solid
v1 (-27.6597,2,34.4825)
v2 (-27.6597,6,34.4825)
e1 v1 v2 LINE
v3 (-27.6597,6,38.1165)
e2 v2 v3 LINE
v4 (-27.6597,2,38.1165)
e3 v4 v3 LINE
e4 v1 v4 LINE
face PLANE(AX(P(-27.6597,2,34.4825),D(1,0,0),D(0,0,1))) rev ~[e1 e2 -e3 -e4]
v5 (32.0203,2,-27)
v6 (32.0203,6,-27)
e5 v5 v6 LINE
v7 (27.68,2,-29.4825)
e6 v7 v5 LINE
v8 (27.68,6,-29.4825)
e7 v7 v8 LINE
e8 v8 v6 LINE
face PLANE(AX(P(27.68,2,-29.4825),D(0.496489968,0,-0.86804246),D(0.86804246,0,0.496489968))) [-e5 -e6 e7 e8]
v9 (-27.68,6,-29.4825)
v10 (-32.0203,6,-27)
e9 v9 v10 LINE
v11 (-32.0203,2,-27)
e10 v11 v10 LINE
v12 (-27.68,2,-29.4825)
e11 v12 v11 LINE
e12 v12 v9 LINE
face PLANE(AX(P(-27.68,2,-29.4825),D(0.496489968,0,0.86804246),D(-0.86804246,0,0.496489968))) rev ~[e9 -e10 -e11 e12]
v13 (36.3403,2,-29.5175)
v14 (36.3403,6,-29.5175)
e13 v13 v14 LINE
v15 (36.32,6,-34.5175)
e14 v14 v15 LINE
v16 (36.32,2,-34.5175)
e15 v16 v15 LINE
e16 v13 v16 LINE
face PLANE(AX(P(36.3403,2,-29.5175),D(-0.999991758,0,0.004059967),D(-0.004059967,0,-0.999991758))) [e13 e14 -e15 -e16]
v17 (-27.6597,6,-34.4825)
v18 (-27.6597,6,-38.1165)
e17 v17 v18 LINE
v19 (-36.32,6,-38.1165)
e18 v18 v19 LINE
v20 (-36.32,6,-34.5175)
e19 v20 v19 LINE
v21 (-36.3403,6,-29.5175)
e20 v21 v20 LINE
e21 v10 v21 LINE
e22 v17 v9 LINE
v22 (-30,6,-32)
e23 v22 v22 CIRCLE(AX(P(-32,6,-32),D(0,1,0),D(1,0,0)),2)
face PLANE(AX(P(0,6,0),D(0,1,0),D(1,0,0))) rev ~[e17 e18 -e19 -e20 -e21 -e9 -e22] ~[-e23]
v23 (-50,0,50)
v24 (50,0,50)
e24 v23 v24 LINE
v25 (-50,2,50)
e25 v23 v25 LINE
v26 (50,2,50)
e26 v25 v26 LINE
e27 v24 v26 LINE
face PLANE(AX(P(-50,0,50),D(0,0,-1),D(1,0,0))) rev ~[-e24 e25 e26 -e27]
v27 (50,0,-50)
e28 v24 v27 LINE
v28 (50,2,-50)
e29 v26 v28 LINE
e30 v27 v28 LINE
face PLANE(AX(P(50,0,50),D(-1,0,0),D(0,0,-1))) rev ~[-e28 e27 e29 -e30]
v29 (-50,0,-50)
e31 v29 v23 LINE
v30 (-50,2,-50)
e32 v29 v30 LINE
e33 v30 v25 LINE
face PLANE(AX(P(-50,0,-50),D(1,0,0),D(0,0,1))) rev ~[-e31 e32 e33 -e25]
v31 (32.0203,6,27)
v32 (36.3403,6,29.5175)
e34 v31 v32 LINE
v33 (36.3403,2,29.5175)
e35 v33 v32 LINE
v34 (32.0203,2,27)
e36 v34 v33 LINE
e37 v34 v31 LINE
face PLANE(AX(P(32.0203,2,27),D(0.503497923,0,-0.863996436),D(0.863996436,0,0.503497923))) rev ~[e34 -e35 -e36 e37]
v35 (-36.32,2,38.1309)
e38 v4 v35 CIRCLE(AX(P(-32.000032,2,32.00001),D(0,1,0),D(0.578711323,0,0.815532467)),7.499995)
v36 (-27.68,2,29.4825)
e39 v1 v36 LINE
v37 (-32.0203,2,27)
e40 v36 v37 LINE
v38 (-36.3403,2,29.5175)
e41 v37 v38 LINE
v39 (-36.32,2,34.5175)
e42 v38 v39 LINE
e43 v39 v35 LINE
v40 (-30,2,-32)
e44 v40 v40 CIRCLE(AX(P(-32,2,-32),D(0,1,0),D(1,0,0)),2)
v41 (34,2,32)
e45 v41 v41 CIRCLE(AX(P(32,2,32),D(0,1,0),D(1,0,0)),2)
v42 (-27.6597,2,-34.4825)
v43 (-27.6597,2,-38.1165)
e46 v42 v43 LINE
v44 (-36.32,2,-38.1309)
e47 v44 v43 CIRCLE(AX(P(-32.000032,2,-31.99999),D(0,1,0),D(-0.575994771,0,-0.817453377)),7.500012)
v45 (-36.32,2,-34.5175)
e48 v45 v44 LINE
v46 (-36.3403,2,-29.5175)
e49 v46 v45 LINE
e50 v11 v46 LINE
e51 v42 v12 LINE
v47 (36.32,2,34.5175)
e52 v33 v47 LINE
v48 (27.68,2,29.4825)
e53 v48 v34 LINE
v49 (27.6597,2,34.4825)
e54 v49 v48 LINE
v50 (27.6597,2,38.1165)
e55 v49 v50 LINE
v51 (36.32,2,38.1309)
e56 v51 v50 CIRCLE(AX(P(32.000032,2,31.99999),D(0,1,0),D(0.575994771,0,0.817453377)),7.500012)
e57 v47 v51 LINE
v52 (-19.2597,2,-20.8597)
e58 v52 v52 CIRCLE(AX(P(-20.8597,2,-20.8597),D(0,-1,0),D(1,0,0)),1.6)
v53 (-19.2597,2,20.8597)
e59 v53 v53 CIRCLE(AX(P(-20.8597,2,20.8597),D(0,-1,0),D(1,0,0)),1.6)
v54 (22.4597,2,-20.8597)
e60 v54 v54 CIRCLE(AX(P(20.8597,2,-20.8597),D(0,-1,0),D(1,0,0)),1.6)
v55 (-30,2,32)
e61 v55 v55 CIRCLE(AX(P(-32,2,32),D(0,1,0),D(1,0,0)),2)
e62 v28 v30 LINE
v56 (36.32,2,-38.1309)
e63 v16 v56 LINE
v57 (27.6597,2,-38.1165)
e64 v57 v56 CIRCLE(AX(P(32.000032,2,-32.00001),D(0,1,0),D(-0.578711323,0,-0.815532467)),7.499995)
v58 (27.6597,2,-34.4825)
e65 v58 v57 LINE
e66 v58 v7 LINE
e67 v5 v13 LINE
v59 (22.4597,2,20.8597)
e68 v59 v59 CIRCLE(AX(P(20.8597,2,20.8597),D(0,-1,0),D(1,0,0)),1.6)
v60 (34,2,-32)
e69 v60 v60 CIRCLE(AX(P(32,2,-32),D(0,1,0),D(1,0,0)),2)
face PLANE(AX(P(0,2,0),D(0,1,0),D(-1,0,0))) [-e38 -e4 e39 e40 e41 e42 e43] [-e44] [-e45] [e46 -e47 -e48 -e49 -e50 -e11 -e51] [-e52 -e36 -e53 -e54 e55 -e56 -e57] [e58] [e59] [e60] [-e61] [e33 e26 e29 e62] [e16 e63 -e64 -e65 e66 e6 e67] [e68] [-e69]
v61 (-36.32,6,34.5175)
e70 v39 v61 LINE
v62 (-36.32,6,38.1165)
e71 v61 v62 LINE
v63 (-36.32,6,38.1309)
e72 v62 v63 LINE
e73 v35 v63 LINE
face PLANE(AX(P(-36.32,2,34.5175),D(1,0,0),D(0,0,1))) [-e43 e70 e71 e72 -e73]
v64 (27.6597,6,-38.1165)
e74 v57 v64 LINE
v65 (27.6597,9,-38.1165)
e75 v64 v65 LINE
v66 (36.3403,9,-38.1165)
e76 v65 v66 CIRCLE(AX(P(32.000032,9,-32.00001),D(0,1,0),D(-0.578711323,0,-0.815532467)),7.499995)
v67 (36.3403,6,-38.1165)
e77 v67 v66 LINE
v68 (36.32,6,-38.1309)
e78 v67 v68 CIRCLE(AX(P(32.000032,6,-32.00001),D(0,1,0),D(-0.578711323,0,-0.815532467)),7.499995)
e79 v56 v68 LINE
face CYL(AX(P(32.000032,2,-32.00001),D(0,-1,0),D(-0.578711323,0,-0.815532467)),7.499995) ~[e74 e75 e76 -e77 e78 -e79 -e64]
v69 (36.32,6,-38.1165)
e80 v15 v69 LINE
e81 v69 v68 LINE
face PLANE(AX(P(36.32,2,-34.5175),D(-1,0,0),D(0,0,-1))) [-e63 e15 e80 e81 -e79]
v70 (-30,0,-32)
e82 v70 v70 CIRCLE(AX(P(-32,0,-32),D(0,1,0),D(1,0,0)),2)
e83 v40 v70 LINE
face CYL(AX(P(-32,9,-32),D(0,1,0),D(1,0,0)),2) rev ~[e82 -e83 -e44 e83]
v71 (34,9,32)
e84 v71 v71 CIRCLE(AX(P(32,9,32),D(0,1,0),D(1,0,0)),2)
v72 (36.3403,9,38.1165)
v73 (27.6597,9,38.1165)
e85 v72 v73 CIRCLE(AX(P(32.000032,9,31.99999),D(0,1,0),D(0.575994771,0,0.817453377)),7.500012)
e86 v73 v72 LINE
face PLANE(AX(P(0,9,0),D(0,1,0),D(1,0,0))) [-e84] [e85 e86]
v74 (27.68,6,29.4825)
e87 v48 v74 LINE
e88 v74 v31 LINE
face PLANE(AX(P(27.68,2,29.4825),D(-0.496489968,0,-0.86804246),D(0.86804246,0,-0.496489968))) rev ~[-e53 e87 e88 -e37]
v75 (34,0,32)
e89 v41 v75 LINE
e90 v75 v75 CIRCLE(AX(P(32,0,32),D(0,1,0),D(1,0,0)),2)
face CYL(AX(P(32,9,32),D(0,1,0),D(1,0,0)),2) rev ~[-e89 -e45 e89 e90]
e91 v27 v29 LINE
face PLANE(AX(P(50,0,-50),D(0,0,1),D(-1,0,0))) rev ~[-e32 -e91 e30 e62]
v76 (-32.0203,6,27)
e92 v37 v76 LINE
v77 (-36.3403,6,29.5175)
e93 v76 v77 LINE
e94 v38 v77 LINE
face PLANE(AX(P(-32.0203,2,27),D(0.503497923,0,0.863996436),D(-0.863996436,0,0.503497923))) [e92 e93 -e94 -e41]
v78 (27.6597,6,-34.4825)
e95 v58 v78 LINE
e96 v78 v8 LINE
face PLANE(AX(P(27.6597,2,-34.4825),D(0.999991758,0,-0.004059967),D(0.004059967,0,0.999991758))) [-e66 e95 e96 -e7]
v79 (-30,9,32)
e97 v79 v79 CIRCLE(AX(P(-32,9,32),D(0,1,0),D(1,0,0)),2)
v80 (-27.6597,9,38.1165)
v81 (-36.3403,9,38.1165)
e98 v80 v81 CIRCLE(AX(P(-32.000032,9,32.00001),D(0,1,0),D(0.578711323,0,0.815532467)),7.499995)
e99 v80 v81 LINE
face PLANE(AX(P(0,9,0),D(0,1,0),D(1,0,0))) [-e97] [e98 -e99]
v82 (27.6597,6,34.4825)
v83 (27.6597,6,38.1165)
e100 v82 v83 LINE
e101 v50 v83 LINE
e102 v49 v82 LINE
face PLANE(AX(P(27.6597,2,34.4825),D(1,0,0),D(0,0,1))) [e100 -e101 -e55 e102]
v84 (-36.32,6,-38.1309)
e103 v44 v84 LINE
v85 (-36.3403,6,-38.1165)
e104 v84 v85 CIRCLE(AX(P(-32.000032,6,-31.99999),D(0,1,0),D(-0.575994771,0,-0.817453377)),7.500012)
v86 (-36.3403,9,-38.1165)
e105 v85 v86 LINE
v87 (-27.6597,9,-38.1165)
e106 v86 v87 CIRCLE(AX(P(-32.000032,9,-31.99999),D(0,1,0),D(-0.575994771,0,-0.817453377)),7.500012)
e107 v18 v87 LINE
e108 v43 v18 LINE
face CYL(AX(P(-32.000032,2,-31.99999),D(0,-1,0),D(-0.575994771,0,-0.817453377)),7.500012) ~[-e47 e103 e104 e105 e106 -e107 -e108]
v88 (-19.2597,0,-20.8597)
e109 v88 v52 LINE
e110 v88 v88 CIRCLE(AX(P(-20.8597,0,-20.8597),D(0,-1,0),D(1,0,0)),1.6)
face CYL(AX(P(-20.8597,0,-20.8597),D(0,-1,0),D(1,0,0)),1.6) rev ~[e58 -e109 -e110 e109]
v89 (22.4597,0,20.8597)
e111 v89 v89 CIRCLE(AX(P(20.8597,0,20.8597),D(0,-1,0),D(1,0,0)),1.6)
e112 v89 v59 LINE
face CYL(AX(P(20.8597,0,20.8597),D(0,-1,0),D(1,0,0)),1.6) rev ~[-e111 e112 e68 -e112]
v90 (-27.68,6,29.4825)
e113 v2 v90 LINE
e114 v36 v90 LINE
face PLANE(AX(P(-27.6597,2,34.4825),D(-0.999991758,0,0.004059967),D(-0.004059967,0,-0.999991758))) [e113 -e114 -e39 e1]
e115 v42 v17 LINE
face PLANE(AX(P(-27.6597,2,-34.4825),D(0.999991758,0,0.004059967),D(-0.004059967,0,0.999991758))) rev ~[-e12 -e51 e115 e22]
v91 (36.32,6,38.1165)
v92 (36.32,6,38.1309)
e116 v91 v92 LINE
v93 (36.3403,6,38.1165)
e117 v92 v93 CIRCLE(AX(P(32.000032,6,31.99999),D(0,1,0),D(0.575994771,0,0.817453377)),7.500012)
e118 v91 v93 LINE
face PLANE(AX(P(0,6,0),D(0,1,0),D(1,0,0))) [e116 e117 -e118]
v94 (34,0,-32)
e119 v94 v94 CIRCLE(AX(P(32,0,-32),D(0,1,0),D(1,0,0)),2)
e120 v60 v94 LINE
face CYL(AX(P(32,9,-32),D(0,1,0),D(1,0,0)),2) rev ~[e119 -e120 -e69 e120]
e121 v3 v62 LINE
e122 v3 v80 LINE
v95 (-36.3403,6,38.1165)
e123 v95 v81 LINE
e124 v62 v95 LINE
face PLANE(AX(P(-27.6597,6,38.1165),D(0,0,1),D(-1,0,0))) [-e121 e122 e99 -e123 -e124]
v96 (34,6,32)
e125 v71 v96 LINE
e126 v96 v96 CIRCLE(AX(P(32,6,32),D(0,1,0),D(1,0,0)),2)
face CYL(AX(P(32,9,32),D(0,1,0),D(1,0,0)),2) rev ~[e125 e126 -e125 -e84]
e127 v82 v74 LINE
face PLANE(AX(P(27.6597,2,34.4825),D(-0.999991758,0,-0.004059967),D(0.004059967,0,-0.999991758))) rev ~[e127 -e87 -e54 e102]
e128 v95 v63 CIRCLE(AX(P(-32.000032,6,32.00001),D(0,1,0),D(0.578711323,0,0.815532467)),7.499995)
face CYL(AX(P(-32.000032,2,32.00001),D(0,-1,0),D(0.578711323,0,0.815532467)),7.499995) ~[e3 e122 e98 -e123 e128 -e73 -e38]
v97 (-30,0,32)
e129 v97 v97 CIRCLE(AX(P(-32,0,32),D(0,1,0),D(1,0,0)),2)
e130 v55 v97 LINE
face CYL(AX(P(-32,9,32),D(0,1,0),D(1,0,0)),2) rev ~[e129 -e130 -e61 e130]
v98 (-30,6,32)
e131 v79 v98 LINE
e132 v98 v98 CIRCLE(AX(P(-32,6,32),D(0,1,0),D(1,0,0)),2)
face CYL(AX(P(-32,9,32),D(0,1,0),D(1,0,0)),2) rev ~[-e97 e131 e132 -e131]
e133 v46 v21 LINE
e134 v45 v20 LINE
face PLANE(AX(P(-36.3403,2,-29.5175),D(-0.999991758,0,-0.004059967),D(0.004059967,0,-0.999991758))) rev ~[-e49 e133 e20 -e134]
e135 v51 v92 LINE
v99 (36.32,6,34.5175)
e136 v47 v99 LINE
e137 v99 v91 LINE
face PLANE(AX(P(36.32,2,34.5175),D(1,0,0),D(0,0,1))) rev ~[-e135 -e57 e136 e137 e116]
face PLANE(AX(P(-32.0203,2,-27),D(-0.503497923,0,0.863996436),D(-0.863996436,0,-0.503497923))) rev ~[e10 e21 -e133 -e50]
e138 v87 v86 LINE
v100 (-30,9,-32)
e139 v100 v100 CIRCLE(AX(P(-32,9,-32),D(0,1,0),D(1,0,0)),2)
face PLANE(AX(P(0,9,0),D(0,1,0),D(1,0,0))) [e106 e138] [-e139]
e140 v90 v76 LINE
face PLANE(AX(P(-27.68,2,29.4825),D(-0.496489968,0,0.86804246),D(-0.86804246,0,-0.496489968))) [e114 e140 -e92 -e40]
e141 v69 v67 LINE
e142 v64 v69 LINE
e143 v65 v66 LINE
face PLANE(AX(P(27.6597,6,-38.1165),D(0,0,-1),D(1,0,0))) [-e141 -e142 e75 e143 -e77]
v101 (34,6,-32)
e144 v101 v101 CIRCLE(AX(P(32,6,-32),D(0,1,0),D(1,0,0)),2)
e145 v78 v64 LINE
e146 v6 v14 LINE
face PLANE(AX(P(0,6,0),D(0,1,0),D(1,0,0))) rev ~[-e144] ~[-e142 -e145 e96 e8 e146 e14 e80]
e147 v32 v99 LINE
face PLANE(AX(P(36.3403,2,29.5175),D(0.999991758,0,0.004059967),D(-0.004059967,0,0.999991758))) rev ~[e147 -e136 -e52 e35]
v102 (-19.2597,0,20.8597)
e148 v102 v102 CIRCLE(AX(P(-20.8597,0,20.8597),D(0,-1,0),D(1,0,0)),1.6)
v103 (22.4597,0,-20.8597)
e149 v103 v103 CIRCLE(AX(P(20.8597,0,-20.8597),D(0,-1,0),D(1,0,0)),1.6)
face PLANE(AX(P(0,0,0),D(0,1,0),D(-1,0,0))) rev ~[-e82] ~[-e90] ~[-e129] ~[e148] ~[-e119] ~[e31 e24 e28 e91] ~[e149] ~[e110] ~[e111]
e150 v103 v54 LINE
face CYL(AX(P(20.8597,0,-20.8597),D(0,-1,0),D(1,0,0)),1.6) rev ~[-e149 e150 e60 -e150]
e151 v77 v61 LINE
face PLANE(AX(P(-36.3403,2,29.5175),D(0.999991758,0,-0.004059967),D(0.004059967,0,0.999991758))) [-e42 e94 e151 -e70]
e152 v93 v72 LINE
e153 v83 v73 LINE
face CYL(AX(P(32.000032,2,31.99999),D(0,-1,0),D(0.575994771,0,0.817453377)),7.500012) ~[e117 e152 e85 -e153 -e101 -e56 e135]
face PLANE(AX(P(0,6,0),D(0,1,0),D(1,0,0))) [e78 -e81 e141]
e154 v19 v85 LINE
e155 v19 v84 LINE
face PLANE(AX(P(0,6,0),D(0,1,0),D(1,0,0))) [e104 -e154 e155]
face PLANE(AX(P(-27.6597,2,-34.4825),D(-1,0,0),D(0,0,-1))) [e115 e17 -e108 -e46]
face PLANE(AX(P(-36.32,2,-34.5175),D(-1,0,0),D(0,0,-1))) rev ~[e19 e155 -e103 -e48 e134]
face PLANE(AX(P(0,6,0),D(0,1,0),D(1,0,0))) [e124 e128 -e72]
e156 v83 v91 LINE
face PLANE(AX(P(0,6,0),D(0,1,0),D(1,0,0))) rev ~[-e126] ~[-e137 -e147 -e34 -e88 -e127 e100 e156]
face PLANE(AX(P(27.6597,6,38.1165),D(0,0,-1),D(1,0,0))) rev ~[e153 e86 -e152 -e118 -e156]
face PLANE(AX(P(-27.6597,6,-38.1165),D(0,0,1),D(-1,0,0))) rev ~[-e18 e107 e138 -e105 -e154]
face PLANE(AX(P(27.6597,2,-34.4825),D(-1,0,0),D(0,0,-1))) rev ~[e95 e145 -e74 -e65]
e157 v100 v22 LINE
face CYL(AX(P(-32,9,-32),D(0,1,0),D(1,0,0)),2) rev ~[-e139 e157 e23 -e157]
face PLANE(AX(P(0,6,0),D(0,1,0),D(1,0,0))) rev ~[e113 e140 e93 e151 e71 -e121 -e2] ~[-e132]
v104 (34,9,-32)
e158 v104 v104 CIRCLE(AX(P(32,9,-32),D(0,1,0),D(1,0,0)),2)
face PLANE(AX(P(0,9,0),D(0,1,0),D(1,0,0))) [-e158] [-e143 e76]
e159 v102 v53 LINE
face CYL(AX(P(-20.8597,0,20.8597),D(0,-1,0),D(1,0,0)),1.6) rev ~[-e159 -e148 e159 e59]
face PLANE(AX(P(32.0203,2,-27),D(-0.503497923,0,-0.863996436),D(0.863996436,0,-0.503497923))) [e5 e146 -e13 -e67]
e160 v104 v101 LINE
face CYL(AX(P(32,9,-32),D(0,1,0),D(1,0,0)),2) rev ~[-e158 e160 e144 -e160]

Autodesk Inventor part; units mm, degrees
ref_plane "YZ Plane" through (0, 0, 0) normal (1, 0, 0) x (0, 1, 0)
ref_plane "XZ Plane" through (0, 0, 0) normal (0, 1, 0) x (-1, 0, 0)
ref_plane "XY Plane" through (0, 0, 0) normal (0, 0, 1) x (1, 0, 0)
sketch "Esquisse1" plane through (0, 0, 0) normal (0, 1, 0) x (-1, 0, 0)
  line L0 (50, 50) -> (-50, 50)
  line L1 (-50, 50) -> (-50, -50)
  line L2 (-50, -50) -> (50, -50)
  line L3 (50, -50) -> (50, 50)
  point P0 (0, 0)
  dimension "d0" = 100
  dimension "d1" = 100
  dimension "d17" = 50
  dimension "d18" = 50
extrude "Extrusion1" add sketch "Esquisse1" along normal blind 2
sketch "Esquisse2" plane through (0, 2, 0) normal (0, 1, 0) x (1, 0, 0)
  line L0 (50, -50) -> (50, 50) projected
  line L1 (-50, -50) -> (50, -50) projected
  arc A0 (36.32, -38.1309) -> (27.6597, -38.1165) centre (32, -32) ccw
  line L2 (27.68, -29.4825) -> (32.0203, -27)
  line L3 (32.0203, -27) -> (36.3403, -29.5175)
  line L4 (36.3403, -29.5175) -> (36.32, -34.5175)
  line L5 (27.6597, -34.4825) -> (27.68, -29.4825)
  line L6 (27.6597, -34.4825) -> (27.6597, -38.1165)
  line L7 (36.32, -34.5175) -> (36.32, -38.1309)
  line L8 (53.6963, 0) -> (-74.6388, 0)
  line L9 (0, -61.7794) -> (0, 59.6738)
  arc A1 (-27.6597, -38.1165) -> (-36.32, -38.1309) centre (-32, -32) ccw
  line L10 (-27.68, -29.4825) -> (-32.0203, -27)
  line L11 (-32.0203, -27) -> (-36.3403, -29.5175)
  line L12 (-36.3403, -29.5175) -> (-36.32, -34.5175)
  line L13 (-27.6597, -34.4825) -> (-27.68, -29.4825)
  line L14 (-27.6597, -34.4825) -> (-27.6597, -38.1165)
  line L15 (-36.32, -34.5175) -> (-36.32, -38.1309)
  arc A2 (27.6597, 38.1165) -> (36.32, 38.1309) centre (32, 32) ccw
  line L16 (27.68, 29.4825) -> (32.0203, 27)
  line L17 (32.0203, 27) -> (36.3403, 29.5175)
  line L18 (36.3403, 29.5175) -> (36.32, 34.5175)
  line L19 (27.6597, 34.4825) -> (27.68, 29.4825)
  line L20 (27.6597, 34.4825) -> (27.6597, 38.1165)
  line L21 (36.32, 34.5175) -> (36.32, 38.1309)
  arc A3 (-36.32, 38.1309) -> (-27.6597, 38.1165) centre (-32, 32) ccw
  line L22 (-27.68, 29.4825) -> (-32.0203, 27)
  line L23 (-32.0203, 27) -> (-36.3403, 29.5175)
  line L24 (-36.3403, 29.5175) -> (-36.32, 34.5175)
  line L25 (-27.6597, 34.4825) -> (-27.68, 29.4825)
  line L26 (-27.6597, 34.4825) -> (-27.6597, 38.1165)
  line L27 (-36.32, 34.5175) -> (-36.32, 38.1309)
  point P0 (0, 0)
  dimension "d6" = 18
  dimension "d7" = 18
  dimension "d8" = 15
  dimension "d9" = 5
extrude "Extrusion2" add sketch "Esquisse2" along normal blind 4 contours L7 L4 L3 L2 L5 L6 A0 | L14 L13 L10 L11 L12 L15 A1 | L20 L19 L16 L17 L18 L21 A2 | L27 L24 L23 L22 L25 L26 A3
sketch "Esquisse4" plane through (0, 6, 0) normal (0, 1, 0) x (1, 0, 0)
  arc A0 (36.32, -38.1309) -> (27.6597, -38.1165) centre (32, -32) ccw projected
  line L0 (27.6597, -38.1165) -> (36.3403, -38.1165)
  line L1 (53.7761, 0) -> (-84.9694, 0)
  line L2 (0, -51.9111) -> (0, 71.3221)
  arc A1 (-27.6597, -38.1165) -> (-36.32, -38.1309) centre (-32, -32) ccw
  line L3 (-27.6597, -38.1165) -> (-36.3403, -38.1165)
  arc A2 (27.6597, 38.1165) -> (36.32, 38.1309) centre (32, 32) ccw
  line L4 (27.6597, 38.1165) -> (36.3403, 38.1165)
  arc A3 (-36.32, 38.1309) -> (-27.6597, 38.1165) centre (-32, 32) ccw
  line L5 (-27.6597, 38.1165) -> (-36.3403, 38.1165)
  point P0 (0, 0)
extrude "Extrusion3" add sketch "Esquisse4" along normal blind 3
sketch "Esquisse5" plane through (0, 9, 0) normal (0, 1, 0) x (1, 0, 0)
  circle A0 centre (32, -32) radius 2
  arc A1 (36.3403, -38.1165) -> (27.6597, -38.1165) centre (32, -32) ccw projected
  line L0 (0, -51.4977) -> (0, 66.0278)
  line L1 (54.9768, 0) -> (-89.9714, 0)
  circle A2 centre (-32, -32) radius 2
  arc A3 (-27.6597, -38.1165) -> (-36.3403, -38.1165) centre (-32, -32) ccw
  circle A4 centre (32, 32) radius 2
  arc A5 (27.6597, 38.1165) -> (36.3403, 38.1165) centre (32, 32) ccw
  circle A6 centre (-32, 32) radius 2
  arc A7 (-36.3403, 38.1165) -> (-27.6597, 38.1165) centre (-32, 32) ccw
  point P0 (0, 0)
  dimension "d14" = 4
extrude "Extrusion4" cut sketch "Esquisse5" against normal through all
ref_plane "Plan de construction3" through (0, 0, 50) normal (1, 0, 0) x (0, 0, -1)
ref_plane "Plan de construction4" through (-50, 0, 0) normal (0, 0, 1) x (1, 0, 0)
sketch "Esquisse6" plane through (0, 0, 0) normal (0, -1, 0) x (1, 0, 0)
  circle A0 centre (20.8597, 20.8597) radius 1.6 projected
  circle A1 centre (20.8597, -20.8597) radius 1.6 projected
  circle A2 centre (-20.8597, 20.8597) radius 1.6 projected
  circle A3 centre (-20.8597, -20.8597) radius 1.6 projected
  point P0 (0, 0)
extrude "Extrusion5" cut sketch "Esquisse6" against normal through all
properties part number "support-balise"
